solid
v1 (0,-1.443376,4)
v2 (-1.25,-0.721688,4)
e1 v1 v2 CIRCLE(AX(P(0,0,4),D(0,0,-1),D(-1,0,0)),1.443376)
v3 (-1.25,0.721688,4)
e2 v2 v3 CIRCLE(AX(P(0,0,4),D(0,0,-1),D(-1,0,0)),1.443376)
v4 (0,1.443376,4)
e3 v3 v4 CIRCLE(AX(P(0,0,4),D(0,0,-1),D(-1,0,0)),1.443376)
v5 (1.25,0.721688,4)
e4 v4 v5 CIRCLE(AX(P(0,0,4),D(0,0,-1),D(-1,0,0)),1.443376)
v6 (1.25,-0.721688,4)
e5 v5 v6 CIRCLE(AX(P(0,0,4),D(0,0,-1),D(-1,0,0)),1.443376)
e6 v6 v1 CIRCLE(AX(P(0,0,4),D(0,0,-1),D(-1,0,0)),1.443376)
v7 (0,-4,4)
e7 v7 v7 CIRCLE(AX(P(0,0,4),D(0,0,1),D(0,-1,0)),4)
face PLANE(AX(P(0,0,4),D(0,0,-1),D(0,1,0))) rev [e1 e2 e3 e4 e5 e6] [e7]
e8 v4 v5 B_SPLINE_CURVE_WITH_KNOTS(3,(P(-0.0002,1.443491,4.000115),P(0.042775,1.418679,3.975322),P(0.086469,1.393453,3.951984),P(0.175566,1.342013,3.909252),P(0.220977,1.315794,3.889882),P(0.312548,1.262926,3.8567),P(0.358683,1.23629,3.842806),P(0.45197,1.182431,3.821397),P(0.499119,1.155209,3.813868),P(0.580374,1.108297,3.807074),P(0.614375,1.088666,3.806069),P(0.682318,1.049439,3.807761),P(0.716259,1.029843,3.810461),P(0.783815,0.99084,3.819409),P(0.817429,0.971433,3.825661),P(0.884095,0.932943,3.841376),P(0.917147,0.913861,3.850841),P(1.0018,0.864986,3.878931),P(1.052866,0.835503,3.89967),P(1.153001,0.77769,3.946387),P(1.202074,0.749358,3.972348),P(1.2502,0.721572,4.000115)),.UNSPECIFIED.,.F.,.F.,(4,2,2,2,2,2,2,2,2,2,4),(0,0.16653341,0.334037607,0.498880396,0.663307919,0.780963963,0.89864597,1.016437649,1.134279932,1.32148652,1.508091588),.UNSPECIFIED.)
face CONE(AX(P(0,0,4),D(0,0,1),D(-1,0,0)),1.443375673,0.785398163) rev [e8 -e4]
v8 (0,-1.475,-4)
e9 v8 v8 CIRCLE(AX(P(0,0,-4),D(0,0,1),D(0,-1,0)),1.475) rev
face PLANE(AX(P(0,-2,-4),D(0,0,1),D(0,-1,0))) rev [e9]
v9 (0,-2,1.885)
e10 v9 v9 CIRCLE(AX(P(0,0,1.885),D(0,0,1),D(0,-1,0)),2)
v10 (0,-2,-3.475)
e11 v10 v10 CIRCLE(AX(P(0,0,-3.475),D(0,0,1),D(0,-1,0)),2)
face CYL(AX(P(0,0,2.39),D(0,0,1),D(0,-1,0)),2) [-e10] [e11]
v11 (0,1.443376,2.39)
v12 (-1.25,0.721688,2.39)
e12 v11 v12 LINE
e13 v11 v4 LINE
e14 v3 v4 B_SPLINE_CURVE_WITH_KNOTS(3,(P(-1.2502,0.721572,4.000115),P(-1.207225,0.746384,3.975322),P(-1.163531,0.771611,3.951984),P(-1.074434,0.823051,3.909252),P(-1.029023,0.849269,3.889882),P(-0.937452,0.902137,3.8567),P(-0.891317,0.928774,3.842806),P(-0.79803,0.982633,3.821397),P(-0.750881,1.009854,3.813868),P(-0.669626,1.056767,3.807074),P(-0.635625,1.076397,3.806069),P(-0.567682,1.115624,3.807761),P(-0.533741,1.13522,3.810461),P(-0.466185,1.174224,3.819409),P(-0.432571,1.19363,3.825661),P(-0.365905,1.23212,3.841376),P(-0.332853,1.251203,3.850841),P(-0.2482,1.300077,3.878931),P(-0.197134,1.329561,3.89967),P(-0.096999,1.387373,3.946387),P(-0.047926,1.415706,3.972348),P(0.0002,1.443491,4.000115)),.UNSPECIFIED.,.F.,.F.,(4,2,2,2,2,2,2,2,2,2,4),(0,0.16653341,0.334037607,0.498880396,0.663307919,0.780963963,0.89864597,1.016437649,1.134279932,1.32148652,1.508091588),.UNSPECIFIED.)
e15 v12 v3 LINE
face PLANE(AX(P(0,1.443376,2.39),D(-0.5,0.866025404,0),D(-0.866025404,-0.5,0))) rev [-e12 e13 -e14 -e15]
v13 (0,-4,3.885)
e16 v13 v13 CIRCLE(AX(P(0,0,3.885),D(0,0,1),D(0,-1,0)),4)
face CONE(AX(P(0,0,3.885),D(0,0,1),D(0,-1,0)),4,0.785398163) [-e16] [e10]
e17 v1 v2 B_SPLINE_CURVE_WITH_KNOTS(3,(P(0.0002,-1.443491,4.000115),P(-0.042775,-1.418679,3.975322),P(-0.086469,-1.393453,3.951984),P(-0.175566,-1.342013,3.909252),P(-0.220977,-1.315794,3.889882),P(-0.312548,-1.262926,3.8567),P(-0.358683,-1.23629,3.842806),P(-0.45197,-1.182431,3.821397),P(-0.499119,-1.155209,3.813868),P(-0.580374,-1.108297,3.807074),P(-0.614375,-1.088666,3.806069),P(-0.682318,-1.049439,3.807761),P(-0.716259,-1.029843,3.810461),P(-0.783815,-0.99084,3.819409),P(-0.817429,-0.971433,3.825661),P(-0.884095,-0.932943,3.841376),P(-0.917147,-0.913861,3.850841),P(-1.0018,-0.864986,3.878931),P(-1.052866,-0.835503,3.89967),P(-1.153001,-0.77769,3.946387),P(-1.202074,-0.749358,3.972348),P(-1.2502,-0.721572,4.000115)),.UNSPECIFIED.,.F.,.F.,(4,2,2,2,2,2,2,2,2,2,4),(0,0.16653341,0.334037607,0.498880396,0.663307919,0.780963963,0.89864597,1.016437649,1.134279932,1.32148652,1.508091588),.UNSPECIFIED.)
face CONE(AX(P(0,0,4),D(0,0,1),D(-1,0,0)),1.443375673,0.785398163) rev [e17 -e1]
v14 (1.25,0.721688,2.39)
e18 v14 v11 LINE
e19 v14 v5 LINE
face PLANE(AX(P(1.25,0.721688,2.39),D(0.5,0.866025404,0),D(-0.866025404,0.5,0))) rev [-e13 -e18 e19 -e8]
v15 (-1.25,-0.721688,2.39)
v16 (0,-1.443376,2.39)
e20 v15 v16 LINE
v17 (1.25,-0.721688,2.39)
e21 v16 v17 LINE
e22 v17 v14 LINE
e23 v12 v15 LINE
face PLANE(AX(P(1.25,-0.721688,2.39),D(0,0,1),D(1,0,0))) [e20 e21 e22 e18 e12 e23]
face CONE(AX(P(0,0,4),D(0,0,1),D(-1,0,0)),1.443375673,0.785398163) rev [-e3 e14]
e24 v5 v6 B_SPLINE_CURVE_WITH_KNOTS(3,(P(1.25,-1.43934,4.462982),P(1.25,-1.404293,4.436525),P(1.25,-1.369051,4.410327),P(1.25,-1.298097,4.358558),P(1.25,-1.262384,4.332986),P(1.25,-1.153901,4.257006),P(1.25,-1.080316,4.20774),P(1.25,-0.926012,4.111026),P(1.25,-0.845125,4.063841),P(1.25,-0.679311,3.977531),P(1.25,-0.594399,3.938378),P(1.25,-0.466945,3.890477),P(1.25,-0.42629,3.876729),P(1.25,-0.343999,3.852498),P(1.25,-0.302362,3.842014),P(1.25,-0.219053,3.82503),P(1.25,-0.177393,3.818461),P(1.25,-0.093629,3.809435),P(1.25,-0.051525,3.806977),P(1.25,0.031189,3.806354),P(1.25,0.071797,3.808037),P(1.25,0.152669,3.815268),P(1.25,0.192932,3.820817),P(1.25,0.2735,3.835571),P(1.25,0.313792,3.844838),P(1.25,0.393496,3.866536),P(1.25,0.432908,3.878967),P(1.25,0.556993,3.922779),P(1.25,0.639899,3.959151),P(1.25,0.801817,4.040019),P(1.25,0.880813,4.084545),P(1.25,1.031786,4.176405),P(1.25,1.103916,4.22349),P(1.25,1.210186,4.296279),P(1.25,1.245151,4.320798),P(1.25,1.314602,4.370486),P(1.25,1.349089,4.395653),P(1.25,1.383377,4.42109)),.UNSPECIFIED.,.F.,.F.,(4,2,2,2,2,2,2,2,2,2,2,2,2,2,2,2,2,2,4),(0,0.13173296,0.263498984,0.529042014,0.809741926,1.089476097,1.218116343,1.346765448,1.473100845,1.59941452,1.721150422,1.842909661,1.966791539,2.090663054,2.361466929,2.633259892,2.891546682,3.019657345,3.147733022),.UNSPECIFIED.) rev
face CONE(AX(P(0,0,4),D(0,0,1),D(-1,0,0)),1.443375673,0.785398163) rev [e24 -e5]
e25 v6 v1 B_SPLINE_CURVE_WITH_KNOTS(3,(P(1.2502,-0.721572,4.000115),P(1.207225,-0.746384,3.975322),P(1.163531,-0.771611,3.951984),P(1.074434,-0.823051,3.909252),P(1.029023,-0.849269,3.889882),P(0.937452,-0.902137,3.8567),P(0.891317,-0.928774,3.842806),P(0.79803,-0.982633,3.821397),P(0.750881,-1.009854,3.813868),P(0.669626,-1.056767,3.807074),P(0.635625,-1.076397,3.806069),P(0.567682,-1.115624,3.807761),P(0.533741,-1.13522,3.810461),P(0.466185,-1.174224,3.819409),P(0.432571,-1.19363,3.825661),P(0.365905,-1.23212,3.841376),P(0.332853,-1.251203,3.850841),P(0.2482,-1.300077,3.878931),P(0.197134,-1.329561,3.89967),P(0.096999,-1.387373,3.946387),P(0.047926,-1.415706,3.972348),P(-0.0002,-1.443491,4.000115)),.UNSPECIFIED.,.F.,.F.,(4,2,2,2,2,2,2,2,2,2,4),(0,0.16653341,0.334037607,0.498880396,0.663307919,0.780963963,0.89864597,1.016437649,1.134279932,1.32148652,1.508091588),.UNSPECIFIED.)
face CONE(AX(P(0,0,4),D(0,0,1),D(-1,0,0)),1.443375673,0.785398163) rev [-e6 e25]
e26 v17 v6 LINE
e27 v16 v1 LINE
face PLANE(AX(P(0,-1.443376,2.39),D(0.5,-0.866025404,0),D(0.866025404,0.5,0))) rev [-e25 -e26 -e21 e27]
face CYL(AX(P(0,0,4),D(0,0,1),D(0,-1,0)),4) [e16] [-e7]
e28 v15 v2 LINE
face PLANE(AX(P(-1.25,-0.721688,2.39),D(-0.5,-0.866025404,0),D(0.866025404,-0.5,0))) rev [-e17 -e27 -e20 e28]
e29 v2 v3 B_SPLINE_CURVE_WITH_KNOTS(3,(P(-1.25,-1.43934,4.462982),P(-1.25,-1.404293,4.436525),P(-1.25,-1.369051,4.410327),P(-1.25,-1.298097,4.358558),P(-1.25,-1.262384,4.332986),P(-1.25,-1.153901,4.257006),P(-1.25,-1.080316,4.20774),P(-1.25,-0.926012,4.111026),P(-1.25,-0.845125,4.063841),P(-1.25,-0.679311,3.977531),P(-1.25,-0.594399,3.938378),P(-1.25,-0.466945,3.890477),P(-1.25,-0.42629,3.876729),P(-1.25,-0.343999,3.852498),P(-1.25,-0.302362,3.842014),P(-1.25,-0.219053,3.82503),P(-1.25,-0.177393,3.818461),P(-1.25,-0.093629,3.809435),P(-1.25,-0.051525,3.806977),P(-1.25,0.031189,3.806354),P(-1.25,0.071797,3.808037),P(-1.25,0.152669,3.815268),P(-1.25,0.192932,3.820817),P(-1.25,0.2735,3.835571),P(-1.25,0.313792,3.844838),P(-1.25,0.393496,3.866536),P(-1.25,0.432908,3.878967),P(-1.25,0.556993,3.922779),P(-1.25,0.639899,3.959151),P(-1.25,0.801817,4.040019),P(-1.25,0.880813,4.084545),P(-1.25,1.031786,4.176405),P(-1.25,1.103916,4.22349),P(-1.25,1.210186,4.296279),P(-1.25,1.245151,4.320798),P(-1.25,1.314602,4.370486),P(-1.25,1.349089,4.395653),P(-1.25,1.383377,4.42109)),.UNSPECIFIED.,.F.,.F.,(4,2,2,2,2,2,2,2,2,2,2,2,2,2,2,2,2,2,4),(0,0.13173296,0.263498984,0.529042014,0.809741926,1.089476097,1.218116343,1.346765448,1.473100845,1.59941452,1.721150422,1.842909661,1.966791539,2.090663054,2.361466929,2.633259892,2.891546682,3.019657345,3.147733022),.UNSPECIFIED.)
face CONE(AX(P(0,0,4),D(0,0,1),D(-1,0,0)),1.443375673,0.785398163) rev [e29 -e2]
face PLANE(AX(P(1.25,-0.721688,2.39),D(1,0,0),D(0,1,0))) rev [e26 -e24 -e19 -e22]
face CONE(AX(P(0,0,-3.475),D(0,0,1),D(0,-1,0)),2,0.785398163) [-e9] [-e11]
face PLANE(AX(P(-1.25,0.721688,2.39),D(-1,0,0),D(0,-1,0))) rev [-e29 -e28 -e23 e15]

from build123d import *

# Parameters (mm, degrees)
CHAMFER1_SIZE      = 0.525
CUT_EXTRUDE2_DEPTH = 1.61


with BuildPart() as part:
    # Sketch1 → Revolve1 (revolve)
    with BuildSketch(Plane(origin=(0, 0, 0), x_dir=(0, 0, -1), z_dir=(1, 0, 0))):
        Polygon((-1.7, 2), (4, 2), (4, 0), (-2.39, 0), (-2.39, 2), align=None)
    revolve(axis=Axis((0, 0, 2.39), (0, 0, -1)))

    # Chamfer1
    chamfer1_edges = [part.edges().sort_by_distance(p)[0] for p in [
        (0, -2, -4),
    ]]
    chamfer(chamfer1_edges, length=CHAMFER1_SIZE)


with BuildPart() as body_2:
    # Sketch7 → Revolve2 (revolve)
    with BuildSketch(Plane(origin=(0, 0, 0), x_dir=(0, 0, -1), z_dir=(1, 0, 0))):
        Polygon((-3.885, 4), (-4, 4), (-4, 0), (-1.7, 0), (-1.7, 1.815), align=None)
    revolve(axis=Axis((0, 0, 4), (0, 0, -1)))

    # Sketch5 → Cut-Extrude2 (cut)
    with BuildSketch(Plane.XY.offset(4)):
        Polygon((1.25, -0.721687836), (1.25, 0.721687836), (0, 1.443375673), (-1.25, 0.721687836), (-1.25, -0.721687836), (0, -1.443375673), align=None)
    extrude(amount=-CUT_EXTRUDE2_DEPTH, mode=Mode.SUBTRACT)

    # Cut-Extrude3 cone 1 section (through the dimple's axis) → Cut-Extrude3 (revolve, cut)
    with BuildSketch(Plane(origin=(0, 0, 4), x_dir=(0, -1, 0), z_dir=(1, 0, 0))):
        Polygon((0, 0), (1.443375673, 0), (0, 1.443375673), align=None)
    revolve(axis=Axis((0, 0, 4), (0, 0, -1)), mode=Mode.SUBTRACT)

    # Combine1: union part
    add(part.part)


solid = body_2.part
